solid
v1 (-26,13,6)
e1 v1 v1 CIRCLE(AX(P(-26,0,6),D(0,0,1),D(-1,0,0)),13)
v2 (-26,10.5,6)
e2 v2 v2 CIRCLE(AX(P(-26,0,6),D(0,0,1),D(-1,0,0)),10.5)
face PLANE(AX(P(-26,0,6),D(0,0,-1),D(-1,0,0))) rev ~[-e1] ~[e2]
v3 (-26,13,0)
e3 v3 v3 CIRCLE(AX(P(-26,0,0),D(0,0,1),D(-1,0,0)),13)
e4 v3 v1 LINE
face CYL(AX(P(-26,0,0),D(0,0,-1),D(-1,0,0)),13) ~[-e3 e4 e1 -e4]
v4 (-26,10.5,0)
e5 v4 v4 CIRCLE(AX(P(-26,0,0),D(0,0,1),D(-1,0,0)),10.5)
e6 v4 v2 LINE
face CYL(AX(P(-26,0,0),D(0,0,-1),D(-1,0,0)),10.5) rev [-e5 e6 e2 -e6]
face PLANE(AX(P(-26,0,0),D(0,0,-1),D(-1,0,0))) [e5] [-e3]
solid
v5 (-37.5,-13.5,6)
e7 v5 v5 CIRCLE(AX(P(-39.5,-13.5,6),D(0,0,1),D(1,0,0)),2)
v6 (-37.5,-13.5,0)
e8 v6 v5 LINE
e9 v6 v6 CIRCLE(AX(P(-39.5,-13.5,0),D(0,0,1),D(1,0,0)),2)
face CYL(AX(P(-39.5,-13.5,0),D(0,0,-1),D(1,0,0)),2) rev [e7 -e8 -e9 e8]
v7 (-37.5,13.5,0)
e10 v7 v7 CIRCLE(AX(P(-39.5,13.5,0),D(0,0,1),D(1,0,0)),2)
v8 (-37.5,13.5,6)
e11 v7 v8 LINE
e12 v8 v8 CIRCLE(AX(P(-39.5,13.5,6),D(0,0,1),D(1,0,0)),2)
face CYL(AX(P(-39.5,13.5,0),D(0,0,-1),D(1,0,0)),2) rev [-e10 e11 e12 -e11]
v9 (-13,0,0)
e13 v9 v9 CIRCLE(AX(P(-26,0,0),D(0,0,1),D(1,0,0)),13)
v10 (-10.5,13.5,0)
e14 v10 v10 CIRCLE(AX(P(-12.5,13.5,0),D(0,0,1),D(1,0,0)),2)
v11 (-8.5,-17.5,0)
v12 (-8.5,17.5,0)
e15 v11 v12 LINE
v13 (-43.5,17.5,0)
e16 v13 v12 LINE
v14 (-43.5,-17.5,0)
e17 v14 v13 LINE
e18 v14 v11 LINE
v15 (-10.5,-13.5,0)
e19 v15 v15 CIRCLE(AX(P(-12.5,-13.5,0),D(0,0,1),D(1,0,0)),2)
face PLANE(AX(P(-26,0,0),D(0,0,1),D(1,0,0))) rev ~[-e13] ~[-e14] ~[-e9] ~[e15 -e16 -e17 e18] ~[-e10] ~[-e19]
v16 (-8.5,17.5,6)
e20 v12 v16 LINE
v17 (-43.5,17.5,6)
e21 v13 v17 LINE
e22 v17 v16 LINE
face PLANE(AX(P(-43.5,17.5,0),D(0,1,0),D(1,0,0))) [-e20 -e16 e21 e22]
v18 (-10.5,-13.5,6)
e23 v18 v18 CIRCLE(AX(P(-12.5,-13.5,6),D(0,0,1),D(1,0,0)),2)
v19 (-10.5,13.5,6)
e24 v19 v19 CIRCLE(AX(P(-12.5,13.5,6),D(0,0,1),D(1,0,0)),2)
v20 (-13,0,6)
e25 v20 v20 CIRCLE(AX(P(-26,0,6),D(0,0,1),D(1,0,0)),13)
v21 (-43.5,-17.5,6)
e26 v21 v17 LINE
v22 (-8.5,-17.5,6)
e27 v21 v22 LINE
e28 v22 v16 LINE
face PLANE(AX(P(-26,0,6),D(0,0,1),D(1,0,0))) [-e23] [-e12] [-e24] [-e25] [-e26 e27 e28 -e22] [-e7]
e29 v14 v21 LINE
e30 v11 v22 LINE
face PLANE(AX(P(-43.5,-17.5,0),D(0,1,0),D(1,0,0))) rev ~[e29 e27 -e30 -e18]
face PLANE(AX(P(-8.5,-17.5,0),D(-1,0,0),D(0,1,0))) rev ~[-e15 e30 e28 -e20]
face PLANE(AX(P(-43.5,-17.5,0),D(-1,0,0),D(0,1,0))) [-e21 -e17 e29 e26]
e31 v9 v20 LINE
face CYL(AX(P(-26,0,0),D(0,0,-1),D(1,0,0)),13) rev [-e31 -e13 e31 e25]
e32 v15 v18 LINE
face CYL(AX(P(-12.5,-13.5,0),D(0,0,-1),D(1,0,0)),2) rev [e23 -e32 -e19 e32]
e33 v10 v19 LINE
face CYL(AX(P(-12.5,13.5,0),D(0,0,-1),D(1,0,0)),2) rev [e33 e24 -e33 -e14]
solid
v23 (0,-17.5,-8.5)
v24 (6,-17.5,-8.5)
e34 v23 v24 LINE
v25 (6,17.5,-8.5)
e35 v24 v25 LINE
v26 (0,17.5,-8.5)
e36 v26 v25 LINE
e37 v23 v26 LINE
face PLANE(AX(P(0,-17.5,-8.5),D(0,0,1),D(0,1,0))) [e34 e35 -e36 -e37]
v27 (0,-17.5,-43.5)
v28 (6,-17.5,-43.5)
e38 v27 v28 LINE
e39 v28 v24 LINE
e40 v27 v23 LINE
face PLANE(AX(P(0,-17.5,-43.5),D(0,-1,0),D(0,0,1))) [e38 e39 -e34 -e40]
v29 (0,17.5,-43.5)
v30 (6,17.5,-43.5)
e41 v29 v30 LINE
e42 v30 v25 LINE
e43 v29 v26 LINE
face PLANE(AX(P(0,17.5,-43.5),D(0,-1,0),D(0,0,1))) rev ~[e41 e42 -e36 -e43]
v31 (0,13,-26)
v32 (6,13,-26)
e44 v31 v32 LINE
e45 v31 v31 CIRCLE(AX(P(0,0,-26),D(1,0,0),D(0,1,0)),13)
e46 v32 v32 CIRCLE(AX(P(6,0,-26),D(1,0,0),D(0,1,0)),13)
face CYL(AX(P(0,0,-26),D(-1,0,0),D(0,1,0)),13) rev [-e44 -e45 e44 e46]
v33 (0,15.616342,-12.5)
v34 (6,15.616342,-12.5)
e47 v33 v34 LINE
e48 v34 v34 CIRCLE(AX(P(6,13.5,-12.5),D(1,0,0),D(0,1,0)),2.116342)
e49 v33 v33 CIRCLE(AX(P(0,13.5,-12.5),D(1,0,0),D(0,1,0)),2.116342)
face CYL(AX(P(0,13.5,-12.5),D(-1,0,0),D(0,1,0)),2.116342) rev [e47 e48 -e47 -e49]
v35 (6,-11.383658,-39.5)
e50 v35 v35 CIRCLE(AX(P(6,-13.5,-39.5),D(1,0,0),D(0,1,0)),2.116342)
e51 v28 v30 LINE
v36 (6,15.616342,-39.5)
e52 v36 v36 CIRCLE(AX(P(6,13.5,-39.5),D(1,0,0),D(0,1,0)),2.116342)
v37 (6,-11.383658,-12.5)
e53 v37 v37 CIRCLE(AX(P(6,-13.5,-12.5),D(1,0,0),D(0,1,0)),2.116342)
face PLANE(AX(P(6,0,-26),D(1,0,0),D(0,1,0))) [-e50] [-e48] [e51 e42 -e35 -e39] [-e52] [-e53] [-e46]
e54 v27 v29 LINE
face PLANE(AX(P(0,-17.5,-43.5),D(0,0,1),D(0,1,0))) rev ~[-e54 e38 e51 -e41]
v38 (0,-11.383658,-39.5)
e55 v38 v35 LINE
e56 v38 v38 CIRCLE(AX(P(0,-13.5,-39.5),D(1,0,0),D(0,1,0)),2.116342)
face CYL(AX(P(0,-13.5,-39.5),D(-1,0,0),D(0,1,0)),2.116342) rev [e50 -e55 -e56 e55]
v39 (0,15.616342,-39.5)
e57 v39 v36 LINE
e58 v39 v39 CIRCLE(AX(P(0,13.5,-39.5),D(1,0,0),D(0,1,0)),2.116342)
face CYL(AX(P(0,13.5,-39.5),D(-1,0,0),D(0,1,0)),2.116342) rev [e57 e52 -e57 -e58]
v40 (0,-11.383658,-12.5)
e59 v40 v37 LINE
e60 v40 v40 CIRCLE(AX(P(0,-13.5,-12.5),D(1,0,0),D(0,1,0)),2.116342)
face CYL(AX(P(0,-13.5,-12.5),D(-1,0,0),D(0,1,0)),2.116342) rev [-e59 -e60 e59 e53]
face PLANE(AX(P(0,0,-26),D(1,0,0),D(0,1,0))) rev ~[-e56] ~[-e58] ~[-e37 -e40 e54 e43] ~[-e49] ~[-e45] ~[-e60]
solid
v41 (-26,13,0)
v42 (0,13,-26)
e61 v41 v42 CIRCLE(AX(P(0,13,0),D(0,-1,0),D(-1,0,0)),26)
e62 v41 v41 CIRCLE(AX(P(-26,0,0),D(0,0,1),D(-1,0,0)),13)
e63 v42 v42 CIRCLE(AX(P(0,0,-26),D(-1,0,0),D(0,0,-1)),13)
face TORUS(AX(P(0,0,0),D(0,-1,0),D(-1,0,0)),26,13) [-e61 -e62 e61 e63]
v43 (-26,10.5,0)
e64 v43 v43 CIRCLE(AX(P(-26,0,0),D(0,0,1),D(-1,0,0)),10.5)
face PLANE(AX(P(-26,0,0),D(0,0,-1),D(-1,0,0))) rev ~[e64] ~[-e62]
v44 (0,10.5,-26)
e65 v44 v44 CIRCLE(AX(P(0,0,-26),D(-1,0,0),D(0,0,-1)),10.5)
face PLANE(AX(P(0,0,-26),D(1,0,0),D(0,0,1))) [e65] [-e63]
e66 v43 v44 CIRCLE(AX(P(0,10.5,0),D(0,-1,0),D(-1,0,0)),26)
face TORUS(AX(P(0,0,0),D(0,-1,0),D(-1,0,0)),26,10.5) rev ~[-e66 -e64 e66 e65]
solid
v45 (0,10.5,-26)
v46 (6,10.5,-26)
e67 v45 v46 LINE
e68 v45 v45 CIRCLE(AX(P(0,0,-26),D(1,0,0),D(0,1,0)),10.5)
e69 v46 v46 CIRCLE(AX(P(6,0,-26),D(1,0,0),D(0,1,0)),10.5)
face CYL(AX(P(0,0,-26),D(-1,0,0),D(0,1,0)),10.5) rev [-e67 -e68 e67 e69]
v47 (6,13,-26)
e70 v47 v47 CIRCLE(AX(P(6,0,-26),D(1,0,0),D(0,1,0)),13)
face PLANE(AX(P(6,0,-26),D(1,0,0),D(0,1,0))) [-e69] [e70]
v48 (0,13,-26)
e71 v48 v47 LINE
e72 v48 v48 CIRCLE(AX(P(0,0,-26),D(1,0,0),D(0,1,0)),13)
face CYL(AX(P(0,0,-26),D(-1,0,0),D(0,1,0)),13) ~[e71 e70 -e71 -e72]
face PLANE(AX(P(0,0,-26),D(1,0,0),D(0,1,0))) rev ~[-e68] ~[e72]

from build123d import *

# Parameters (mm, degrees)
F2_R     = 13
F2_R_2   = 10.5
F1_W     = 35
F1_H     = 35
F1_R     = 2
F1_R_2   = 13
F4_DEPTH = 6
F5_DEPTH = 6
F2_W     = 35
F2_H     = 35
F2_R_3   = 2.1163418651
F6_DEPTH = 6
F7_DEPTH = 6


with BuildPart() as f3:
    # F3: sweep along a path in F0
    with BuildLine(Plane.XZ) as f3_path:
        ThreePointArc((-26, 0), (-18.3847763109, -18.3847763109), (0, -26))
    # F2 (on Right) → F3 (sweep)
    with BuildSketch(Plane.YZ):
        with Locations((0, -26)):
            Circle(F2_R)
        with Locations((0, -26)):
            Circle(F2_R_2, mode=Mode.SUBTRACT)
    sweep(path=f3_path.line)


with BuildPart() as f4:
    # F1 (on Top) → F4 (new body)
    with BuildSketch(Plane.XY):
        with Locations((-26, -7.45e-08)):
            Rectangle(F1_W, F1_H)
        with Locations((-39.500000115, -13.4999998105)):
            Circle(F1_R, mode=Mode.SUBTRACT)
        with Locations((-12.500000115, -13.5000000404)):
            Circle(F1_R, mode=Mode.SUBTRACT)
        with Locations((-39.5, 13.4999999255)):
            Circle(F1_R, mode=Mode.SUBTRACT)
        with Locations((-26, 0)):
            Circle(F1_R_2, mode=Mode.SUBTRACT)
        with Locations((-12.5, 13.4999999255)):
            Circle(F1_R, mode=Mode.SUBTRACT)
    extrude(amount=F4_DEPTH)


with BuildPart() as f5:
    # F5 (new): a face of the model
    f5_faces = [f3.part.faces().sort_by_distance(p)[0] for p in [
        (-26, -12.6323044738, 0),
    ]]
    extrude(f5_faces, amount=F5_DEPTH)


with BuildPart() as f6:
    # F2 (on Right) → F6 (new body)
    with BuildSketch(Plane.YZ):
        with Locations((7.45e-08, -26)):
            Rectangle(F2_W, F2_H)
        with Locations((-13.4999999255, -39.5)):
            Circle(F2_R_3, mode=Mode.SUBTRACT)
        with Locations((13.5000000404, -39.499999885)):
            Circle(F2_R_3, mode=Mode.SUBTRACT)
        with Locations((0, -26)):
            Circle(F2_R, mode=Mode.SUBTRACT)
        with Locations((-13.4999999255, -12.5)):
            Circle(F2_R_3, mode=Mode.SUBTRACT)
        with Locations((13.5000000404, -12.500000115)):
            Circle(F2_R_3, mode=Mode.SUBTRACT)
    extrude(amount=F6_DEPTH)


with BuildPart() as f7:
    # F2 (on Right) → F7 (new body)
    with BuildSketch(Plane.YZ):
        with Locations((0, -26)):
            Circle(F2_R)
        with Locations((0, -26)):
            Circle(F2_R_2, mode=Mode.SUBTRACT)
    extrude(amount=F7_DEPTH)


solid = Compound([f3.part, f4.part, f5.part, f6.part, f7.part])
